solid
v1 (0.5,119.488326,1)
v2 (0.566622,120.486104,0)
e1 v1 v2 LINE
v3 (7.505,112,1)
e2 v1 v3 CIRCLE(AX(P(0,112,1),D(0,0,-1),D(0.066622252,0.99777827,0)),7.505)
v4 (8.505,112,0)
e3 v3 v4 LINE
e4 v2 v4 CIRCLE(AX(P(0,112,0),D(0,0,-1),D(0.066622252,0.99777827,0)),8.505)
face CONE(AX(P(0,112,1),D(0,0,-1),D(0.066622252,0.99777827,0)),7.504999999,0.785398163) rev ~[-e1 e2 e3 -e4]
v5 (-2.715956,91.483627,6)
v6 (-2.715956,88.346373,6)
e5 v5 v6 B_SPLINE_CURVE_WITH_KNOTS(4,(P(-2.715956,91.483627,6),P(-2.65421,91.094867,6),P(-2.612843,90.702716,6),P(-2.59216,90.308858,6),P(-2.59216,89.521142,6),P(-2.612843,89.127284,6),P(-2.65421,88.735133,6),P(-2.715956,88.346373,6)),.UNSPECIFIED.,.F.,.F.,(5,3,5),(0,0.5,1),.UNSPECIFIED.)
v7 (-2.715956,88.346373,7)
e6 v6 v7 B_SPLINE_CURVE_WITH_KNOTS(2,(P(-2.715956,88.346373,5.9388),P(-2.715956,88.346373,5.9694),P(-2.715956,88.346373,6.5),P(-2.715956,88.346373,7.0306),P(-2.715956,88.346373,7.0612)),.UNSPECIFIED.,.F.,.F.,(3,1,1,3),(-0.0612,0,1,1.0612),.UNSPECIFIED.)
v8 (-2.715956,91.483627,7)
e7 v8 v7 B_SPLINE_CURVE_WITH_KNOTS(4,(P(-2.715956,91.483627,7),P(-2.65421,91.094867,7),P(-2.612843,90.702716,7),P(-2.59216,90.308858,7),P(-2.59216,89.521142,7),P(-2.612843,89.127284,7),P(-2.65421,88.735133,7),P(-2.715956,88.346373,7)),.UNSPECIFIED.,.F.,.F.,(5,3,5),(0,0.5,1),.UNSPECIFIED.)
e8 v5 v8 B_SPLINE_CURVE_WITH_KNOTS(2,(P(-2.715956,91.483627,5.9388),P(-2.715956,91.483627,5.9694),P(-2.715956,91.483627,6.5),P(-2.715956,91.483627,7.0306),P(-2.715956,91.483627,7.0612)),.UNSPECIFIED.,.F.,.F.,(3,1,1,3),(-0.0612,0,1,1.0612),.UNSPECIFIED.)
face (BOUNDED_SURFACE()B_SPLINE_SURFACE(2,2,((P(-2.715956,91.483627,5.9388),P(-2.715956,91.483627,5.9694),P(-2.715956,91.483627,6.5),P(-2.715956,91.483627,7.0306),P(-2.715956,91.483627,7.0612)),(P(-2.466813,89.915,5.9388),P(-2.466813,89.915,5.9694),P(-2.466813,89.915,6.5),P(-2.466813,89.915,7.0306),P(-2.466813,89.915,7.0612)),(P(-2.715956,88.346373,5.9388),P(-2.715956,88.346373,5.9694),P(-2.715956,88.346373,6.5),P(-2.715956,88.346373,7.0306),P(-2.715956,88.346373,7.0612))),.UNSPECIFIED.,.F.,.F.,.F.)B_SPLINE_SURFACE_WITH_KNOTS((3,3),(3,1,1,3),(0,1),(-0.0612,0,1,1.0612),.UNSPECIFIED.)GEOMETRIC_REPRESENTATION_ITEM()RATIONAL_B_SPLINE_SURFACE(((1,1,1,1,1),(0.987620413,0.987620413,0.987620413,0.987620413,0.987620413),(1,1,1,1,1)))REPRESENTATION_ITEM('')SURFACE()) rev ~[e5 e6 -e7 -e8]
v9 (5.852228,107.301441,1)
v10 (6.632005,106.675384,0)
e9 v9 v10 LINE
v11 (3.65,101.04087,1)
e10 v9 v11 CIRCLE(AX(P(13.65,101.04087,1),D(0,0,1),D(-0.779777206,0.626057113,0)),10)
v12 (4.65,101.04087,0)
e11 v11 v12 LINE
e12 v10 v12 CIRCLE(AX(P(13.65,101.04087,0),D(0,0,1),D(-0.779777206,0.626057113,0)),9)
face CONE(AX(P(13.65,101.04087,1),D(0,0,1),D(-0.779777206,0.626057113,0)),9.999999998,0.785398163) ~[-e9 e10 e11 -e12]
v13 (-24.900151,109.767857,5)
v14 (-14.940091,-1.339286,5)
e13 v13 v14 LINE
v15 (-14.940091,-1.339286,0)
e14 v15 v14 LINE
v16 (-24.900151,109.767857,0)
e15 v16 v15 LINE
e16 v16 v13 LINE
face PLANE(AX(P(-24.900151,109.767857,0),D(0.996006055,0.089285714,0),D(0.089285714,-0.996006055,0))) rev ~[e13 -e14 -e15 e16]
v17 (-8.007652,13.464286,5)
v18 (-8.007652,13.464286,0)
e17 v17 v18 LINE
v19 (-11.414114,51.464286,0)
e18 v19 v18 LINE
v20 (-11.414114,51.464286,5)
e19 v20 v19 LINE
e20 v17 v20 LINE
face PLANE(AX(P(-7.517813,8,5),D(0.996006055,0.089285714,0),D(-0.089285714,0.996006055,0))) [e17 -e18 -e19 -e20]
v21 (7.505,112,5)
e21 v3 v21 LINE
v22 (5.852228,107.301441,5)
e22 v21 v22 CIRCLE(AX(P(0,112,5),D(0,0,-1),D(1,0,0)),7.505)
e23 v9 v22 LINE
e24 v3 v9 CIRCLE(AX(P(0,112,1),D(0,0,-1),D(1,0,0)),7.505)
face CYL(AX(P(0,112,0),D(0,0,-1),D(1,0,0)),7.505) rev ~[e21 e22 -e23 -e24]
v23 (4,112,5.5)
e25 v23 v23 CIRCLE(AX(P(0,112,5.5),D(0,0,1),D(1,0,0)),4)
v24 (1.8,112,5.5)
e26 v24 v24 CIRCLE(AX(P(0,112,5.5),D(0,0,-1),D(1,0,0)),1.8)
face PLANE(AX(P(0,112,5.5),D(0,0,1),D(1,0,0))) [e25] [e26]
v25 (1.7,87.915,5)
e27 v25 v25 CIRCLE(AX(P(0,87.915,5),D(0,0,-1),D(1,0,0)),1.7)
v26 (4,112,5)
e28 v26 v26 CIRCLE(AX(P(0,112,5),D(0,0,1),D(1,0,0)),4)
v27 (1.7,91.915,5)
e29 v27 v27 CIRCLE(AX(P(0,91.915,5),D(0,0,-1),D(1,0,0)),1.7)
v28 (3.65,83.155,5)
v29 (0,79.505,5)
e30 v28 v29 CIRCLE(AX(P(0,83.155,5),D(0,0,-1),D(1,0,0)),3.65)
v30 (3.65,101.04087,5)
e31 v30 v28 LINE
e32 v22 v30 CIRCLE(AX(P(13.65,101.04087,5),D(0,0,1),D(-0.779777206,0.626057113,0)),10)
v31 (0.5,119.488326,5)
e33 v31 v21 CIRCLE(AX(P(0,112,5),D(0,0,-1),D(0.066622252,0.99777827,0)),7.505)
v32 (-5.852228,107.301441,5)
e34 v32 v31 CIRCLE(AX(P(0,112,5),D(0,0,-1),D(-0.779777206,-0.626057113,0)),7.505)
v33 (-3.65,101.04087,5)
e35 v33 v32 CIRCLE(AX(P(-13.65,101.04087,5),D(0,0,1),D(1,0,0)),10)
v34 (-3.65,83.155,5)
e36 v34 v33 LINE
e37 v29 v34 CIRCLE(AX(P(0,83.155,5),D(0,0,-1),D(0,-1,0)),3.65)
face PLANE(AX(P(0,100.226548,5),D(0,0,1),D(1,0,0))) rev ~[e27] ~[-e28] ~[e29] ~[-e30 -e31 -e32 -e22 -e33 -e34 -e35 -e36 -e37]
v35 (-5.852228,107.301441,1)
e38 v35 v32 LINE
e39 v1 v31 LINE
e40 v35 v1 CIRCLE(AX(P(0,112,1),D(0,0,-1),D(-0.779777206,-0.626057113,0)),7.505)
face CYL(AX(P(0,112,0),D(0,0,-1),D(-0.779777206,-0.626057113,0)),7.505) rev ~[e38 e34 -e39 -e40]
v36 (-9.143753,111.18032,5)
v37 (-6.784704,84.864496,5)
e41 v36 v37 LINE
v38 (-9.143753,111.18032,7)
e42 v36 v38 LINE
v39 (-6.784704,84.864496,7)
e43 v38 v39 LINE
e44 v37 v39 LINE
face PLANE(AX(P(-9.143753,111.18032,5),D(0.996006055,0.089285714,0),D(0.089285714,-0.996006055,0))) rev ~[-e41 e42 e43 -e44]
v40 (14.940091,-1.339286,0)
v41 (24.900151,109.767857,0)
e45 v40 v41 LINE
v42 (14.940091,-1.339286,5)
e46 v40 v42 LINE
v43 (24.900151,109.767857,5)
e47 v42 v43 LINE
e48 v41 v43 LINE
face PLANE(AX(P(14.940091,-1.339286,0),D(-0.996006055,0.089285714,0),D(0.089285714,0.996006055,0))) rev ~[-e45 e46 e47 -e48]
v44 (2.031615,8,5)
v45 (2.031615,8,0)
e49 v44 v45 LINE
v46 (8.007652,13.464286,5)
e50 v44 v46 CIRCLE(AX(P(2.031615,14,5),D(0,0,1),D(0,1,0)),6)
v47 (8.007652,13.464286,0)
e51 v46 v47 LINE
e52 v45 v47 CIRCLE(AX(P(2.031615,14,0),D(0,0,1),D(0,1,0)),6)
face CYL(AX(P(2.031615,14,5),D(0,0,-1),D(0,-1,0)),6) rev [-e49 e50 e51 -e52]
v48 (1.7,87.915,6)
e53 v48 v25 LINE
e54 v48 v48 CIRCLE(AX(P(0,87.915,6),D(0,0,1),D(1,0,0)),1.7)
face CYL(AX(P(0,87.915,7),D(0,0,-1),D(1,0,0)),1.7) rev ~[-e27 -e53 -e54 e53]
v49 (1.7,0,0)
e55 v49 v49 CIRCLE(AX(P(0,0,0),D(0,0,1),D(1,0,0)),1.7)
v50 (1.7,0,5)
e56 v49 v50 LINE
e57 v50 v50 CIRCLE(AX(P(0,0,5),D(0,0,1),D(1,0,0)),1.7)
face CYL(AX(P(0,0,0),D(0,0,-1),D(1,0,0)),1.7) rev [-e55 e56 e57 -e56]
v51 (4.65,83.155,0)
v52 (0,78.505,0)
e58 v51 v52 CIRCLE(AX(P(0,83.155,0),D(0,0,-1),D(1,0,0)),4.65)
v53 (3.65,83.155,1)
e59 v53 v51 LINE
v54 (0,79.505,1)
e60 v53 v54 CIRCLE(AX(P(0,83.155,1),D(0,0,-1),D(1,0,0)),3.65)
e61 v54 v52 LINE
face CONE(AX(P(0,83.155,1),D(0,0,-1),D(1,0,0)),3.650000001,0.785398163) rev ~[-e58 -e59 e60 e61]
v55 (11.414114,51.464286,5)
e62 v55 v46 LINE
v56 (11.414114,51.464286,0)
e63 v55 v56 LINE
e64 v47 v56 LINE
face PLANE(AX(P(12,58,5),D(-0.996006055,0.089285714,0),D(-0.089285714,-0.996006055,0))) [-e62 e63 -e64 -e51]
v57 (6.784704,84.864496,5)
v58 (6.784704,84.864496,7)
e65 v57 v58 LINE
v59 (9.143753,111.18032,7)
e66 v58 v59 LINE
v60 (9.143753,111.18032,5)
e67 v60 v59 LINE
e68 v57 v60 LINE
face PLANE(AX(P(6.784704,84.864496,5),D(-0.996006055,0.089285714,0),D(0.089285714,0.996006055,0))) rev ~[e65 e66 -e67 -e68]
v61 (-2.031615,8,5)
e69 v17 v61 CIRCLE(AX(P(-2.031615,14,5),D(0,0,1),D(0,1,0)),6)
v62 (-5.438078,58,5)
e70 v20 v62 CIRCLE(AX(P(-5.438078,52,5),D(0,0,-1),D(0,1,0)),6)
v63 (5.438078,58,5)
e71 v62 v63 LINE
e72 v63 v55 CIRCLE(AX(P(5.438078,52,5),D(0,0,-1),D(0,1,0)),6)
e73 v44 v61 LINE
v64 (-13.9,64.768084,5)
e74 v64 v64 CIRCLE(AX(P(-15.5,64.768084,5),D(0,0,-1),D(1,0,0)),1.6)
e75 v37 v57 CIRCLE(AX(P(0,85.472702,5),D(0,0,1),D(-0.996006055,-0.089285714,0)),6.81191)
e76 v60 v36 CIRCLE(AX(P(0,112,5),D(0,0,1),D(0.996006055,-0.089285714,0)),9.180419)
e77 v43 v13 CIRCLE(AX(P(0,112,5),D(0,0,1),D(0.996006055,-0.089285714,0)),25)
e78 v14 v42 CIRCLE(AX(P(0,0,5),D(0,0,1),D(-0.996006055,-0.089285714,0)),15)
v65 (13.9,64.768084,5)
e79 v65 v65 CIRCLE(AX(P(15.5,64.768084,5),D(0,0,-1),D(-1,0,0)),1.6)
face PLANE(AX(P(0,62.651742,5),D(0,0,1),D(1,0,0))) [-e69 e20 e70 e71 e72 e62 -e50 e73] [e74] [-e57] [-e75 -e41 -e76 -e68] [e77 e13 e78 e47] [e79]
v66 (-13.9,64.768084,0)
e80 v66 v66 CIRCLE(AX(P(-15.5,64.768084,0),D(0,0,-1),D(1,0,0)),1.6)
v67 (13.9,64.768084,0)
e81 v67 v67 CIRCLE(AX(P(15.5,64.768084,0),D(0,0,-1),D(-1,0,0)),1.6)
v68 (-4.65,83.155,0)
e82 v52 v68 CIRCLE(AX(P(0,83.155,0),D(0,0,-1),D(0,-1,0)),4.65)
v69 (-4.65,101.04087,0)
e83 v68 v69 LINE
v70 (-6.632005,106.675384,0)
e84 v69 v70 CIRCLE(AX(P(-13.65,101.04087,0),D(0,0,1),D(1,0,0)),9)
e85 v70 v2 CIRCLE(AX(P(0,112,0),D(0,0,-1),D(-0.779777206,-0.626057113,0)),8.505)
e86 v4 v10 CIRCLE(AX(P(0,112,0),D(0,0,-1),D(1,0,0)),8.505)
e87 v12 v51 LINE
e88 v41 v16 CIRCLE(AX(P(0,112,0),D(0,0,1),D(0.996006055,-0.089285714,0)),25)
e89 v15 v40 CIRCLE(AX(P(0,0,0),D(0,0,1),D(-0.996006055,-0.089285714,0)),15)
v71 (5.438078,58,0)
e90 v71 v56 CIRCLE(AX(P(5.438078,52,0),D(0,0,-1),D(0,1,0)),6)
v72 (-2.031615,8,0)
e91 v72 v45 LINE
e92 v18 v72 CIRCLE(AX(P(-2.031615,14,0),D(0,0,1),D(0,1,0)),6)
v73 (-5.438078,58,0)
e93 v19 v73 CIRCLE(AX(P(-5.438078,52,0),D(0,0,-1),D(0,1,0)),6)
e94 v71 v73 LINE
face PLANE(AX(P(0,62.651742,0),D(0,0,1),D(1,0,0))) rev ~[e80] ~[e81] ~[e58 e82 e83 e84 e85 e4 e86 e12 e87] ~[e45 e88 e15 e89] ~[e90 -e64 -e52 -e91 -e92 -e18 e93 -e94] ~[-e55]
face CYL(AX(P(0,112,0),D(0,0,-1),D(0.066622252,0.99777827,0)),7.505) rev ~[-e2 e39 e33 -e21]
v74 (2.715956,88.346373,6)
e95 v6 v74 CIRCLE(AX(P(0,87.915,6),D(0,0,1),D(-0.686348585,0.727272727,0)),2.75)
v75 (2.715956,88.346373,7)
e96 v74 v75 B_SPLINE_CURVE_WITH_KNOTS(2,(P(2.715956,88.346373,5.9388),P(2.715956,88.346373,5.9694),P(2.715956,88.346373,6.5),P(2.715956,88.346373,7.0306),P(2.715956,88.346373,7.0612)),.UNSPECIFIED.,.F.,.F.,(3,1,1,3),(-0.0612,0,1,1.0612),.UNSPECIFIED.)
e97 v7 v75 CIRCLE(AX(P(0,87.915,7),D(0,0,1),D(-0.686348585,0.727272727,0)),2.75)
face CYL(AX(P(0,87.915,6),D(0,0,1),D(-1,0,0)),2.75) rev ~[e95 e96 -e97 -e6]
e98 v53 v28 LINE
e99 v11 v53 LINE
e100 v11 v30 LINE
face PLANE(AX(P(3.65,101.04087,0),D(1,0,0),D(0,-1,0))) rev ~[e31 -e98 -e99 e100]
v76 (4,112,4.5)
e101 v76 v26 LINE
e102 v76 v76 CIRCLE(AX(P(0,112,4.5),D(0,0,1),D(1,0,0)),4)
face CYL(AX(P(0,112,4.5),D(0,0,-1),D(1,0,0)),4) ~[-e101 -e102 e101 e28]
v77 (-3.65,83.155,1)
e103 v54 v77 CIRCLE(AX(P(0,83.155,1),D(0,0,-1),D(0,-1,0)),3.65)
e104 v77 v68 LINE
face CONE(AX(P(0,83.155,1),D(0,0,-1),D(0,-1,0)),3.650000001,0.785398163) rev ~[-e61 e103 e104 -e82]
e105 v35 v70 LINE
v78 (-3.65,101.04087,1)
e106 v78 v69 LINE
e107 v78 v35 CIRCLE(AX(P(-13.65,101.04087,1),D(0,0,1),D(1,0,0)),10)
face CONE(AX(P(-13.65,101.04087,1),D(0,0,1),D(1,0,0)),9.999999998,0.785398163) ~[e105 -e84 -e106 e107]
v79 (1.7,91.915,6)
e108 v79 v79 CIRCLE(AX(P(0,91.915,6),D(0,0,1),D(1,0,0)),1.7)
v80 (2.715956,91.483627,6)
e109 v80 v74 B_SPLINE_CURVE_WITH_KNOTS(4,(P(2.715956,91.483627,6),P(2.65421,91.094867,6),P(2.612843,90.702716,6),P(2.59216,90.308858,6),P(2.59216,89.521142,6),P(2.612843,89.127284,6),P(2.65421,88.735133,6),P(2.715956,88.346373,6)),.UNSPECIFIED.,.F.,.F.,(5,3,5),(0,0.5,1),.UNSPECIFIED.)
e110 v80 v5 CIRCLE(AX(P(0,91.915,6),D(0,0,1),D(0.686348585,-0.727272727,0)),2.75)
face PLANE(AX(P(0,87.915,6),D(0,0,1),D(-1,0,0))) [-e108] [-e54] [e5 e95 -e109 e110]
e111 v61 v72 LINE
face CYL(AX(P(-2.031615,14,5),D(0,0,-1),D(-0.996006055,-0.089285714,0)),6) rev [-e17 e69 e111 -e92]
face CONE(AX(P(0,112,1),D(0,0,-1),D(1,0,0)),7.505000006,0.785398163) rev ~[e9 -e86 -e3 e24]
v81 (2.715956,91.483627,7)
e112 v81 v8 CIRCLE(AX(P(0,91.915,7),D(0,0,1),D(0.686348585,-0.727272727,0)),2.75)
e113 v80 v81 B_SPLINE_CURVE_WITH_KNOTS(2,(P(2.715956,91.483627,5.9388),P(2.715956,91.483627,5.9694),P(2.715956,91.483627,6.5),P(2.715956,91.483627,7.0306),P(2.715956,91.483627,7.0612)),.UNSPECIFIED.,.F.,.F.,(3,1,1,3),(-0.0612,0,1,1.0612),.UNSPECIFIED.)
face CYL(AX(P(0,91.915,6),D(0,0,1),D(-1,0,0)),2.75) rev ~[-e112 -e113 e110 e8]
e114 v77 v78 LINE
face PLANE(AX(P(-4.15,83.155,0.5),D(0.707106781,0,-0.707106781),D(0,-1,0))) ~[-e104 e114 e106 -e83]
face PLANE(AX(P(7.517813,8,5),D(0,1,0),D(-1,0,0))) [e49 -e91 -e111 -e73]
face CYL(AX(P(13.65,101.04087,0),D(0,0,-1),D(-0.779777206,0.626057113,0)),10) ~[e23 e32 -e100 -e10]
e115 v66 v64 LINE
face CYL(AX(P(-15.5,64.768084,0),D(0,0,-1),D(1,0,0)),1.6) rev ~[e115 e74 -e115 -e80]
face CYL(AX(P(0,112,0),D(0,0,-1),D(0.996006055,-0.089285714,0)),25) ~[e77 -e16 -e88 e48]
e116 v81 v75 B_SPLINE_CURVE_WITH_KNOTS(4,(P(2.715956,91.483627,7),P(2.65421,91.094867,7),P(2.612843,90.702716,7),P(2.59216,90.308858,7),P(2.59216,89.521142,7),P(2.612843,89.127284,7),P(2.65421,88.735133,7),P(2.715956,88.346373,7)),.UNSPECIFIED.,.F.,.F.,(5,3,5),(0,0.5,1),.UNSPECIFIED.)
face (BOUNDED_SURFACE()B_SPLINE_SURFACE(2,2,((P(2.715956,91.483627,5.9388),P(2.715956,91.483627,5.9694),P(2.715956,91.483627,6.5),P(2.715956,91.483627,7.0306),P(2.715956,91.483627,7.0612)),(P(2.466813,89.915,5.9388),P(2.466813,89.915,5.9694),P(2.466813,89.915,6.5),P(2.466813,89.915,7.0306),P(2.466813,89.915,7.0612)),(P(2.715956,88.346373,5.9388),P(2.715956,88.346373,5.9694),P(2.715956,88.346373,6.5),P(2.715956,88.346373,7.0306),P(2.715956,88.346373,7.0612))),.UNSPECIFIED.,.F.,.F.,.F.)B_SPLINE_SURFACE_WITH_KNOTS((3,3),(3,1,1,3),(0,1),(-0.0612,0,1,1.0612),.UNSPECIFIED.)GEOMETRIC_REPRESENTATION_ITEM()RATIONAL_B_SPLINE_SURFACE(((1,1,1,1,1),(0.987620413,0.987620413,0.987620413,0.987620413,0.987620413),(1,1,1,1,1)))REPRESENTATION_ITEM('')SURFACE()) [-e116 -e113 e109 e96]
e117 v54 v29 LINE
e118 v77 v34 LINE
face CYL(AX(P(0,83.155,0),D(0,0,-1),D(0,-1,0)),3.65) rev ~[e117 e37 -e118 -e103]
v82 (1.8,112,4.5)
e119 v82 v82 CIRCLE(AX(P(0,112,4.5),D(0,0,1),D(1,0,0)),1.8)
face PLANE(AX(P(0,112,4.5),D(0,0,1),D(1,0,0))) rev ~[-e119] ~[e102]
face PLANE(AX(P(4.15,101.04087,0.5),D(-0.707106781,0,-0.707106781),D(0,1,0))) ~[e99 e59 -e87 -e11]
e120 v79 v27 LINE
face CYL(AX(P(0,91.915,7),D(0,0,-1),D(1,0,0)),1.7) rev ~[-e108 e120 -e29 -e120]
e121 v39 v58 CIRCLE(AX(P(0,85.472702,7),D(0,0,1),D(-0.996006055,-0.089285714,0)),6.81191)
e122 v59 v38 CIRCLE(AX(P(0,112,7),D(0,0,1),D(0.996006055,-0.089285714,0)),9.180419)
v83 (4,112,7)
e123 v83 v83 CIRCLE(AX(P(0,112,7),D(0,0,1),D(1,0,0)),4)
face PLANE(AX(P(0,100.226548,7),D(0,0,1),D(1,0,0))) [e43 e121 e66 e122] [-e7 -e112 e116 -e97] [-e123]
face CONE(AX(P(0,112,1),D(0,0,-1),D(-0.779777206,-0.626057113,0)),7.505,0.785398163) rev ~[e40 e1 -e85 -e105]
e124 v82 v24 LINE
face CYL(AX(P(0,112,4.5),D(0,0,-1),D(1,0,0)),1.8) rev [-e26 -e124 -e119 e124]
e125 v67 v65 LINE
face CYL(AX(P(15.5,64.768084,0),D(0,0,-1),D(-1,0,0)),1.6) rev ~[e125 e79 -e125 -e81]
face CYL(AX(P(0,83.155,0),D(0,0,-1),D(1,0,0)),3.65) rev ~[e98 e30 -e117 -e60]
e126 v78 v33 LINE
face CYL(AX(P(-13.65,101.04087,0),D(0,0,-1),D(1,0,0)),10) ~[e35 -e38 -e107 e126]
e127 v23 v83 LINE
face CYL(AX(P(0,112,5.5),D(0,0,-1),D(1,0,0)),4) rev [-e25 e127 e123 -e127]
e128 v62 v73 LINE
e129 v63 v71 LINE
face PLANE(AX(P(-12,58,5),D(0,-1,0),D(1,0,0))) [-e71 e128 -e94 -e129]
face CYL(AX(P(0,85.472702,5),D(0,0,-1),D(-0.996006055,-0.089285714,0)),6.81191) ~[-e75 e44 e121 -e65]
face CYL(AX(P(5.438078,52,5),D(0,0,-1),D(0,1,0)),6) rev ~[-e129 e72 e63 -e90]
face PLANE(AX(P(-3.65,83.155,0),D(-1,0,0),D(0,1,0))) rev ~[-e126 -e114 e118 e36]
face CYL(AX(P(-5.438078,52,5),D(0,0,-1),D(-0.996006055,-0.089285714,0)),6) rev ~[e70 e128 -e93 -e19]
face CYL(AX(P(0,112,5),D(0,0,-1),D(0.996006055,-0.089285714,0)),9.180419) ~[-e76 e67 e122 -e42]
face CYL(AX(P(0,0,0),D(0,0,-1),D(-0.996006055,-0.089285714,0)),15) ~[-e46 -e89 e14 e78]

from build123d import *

# Parameters (mm, degrees)
CROQUIS1_R                                           = 1.7
SALIENTE_EXTRUIR1_DEPTH                              = 5
CROQUIS11_R                                          = 1.6
CORTAR_EXTRUIR1_DEPTH                                = 6
CORTAR_EXTRUIR2_REACH                                = 141.352
CROQUIS13_R                                          = 1.8
SALIENTE_EXTRUIR2_DEPTH                              = 2
SALIENTE_EXTRUIR3_START                              = -0.5
CROQUIS13_3_R                                        = 4
CROQUIS13_3_R_2                                      = 1.8
SALIENTE_EXTRUIR3_DEPTH                              = 0.5
CORTAR_EXTRUIR3_START                                = -1.5
CROQUIS14_R                                          = 4
CORTAR_EXTRUIR3_DEPTH                                = 1.5
CHAFL_N1_SIZE                                        = 1
REFRENTADO_PARA_TORNILLO_CON_CABEZA_TRON_D           = 3.4
REFRENTADO_PARA_TORNILLO_CON_CABEZA_TRON_CBORE_D     = 5.5
REFRENTADO_PARA_TORNILLO_CON_CABEZA_TRON_CBORE_DEPTH = 1
REDONDEO1_R                                          = 10
REDONDEO2_R                                          = 6


with BuildPart() as part:
    # Croquis1 → Saliente-Extruir1 (new body)
    with BuildSketch(Plane.XY):
        with BuildLine():
            Line((-24.90015137, 109.767857143), (-14.940090822, -1.339285714))
            ThreePointArc((-14.940090822, -1.339285714), (0, -15), (14.940090822, -1.339285714))
            Line((14.940090822, -1.339285714), (24.90015137, 109.767857143))
            ThreePointArc((24.90015137, 109.767857143), (0, 137), (-24.90015137, 109.767857143))
        make_face()
        Circle(CROQUIS1_R, mode=Mode.SUBTRACT)
        with BuildLine():
            ThreePointArc((0, 79.505), (-2.580939751, 80.574060249), (-3.65, 83.155))
            Line((-3.65, 83.155), (-3.65, 101.040870244))
            ThreePointArc((-3.65, 101.040870244), (-4.216609288, 104.359173979), (-5.852227935, 107.30144137))
            ThreePointArc((-5.852227935, 107.30144137), (-6.655195316, 115.468919185), (0.5, 119.488325914))
            ThreePointArc((0.5, 119.488325914), (5.480762949, 117.127013019), (7.505, 112))
            ThreePointArc((7.505, 112), (7.079759729, 109.509613047), (5.852227935, 107.30144137))
            ThreePointArc((5.852227935, 107.30144137), (4.216609288, 104.359173979), (3.65, 101.040870244))
            Line((3.65, 101.040870244), (3.65, 83.155))
            ThreePointArc((3.65, 83.155), (2.580939751, 80.574060249), (0, 79.505))
        make_face(mode=Mode.SUBTRACT)
    extrude(amount=SALIENTE_EXTRUIR1_DEPTH)

    # Croquis11 → Cortar-Extruir1 (cut)
    with BuildSketch(Plane(origin=(0, 0, 0), x_dir=(-1, 0, 0), z_dir=(0, 0, -1))):
        with Locations((-15.5, 64.768083746)):
            Circle(CROQUIS11_R)
        with Locations(Location((15.5, 64.768083746, 0), (0, 0, 180))):
            Circle(CROQUIS11_R)
    extrude(amount=-CORTAR_EXTRUIR1_DEPTH, mode=Mode.SUBTRACT)

    # Croquis12 → Cortar-Extruir2 (cut, up to next)
    with BuildSketch(Plane.XY.offset(5), mode=Mode.PRIVATE) as cortar_extruir2_sk1:
        Polygon((-12, 58), (12, 58), (7.517812675, 8), (-7.517812675, 8), align=None)
    cortar_extruir2_tool1 = extrude(cortar_extruir2_sk1.sketch, amount=-CORTAR_EXTRUIR2_REACH, mode=Mode.PRIVATE) & part.part
    add(cortar_extruir2_tool1.solids().sort_by_distance((0, 34.913717, 5))[0], mode=Mode.SUBTRACT)

    # Croquis13 → Saliente-Extruir2 (add)
    with BuildSketch(Plane.XY.offset(5)):
        with BuildLine():
            Line((6.784704059, 84.864496193), (9.143753072, 111.180319718))
            ThreePointArc((9.143753072, 111.180319718), (0, 121.180419163), (-9.143753072, 111.180319718))
            Line((-9.143753072, 111.180319718), (-6.784704059, 84.864496193))
            ThreePointArc((-6.784704059, 84.864496193), (0, 78.660792028), (6.784704059, 84.864496193))
        make_face()
        with Locations((0, 112)):
            Circle(CROQUIS13_R, mode=Mode.SUBTRACT)
    extrude(amount=SALIENTE_EXTRUIR2_DEPTH)

    # Croquis13<3> → Saliente-Extruir3 (add)
    with BuildSketch(Plane.XY.offset(5).offset(SALIENTE_EXTRUIR3_START)):
        with Locations((0, 112)):
            Circle(CROQUIS13_3_R)
        with Locations((0, 112)):
            Circle(CROQUIS13_3_R_2, mode=Mode.SUBTRACT)
    extrude(amount=SALIENTE_EXTRUIR3_DEPTH)

    # Croquis14 → Cortar-Extruir3 (cut)
    with BuildSketch(Plane.XY.offset(7).offset(CORTAR_EXTRUIR3_START)):
        with Locations((0, 112)):
            Circle(CROQUIS14_R)
    extrude(amount=CORTAR_EXTRUIR3_DEPTH, mode=Mode.SUBTRACT)

    # Chaflán1
    chafl_n1_edges = [part.edges().sort_by_distance(p)[0] for p in [
        (3.65, 92.097935122, 0),
        (4.216609288, 104.359173979, 0),
        (-2.490386953, 119.079759729, 0),
        (-4.216609288, 104.359173979, 0),
        (-3.65, 92.097935122, 0),
        (0, 79.505, 0),
    ]]
    chamfer(chafl_n1_edges, length=CHAFL_N1_SIZE)

    # Refrentado para tornillo con cabeza troncocónica de M31 (through all)
    with Locations(Plane(origin=(0, 0, 7), x_dir=(-1, 0, 0), z_dir=(0, 0, 1))):
        with Locations((0, -91.915), (0, -87.915)):
            CounterBoreHole(REFRENTADO_PARA_TORNILLO_CON_CABEZA_TRON_D / 2, REFRENTADO_PARA_TORNILLO_CON_CABEZA_TRON_CBORE_D / 2, REFRENTADO_PARA_TORNILLO_CON_CABEZA_TRON_CBORE_DEPTH)

    # Redondeo1
    redondeo1_edges = [part.edges().sort_by_distance(p)[0] for p in [
        (-1.887458609, 89.915, 6.5),
        (1.887458609, 89.915, 6.5),
    ]]
    fillet(redondeo1_edges, radius=REDONDEO1_R)

    # Redondeo2
    redondeo2_edges = [part.edges().sort_by_distance(p)[0] for p in [
        (7.517812675, 8, 2.5),
        (-7.517812675, 8, 2.5),
        (-12, 58, 2.5),
        (12, 58, 2.5),
    ]]
    fillet(redondeo2_edges, radius=REDONDEO2_R)


solid = part.part
